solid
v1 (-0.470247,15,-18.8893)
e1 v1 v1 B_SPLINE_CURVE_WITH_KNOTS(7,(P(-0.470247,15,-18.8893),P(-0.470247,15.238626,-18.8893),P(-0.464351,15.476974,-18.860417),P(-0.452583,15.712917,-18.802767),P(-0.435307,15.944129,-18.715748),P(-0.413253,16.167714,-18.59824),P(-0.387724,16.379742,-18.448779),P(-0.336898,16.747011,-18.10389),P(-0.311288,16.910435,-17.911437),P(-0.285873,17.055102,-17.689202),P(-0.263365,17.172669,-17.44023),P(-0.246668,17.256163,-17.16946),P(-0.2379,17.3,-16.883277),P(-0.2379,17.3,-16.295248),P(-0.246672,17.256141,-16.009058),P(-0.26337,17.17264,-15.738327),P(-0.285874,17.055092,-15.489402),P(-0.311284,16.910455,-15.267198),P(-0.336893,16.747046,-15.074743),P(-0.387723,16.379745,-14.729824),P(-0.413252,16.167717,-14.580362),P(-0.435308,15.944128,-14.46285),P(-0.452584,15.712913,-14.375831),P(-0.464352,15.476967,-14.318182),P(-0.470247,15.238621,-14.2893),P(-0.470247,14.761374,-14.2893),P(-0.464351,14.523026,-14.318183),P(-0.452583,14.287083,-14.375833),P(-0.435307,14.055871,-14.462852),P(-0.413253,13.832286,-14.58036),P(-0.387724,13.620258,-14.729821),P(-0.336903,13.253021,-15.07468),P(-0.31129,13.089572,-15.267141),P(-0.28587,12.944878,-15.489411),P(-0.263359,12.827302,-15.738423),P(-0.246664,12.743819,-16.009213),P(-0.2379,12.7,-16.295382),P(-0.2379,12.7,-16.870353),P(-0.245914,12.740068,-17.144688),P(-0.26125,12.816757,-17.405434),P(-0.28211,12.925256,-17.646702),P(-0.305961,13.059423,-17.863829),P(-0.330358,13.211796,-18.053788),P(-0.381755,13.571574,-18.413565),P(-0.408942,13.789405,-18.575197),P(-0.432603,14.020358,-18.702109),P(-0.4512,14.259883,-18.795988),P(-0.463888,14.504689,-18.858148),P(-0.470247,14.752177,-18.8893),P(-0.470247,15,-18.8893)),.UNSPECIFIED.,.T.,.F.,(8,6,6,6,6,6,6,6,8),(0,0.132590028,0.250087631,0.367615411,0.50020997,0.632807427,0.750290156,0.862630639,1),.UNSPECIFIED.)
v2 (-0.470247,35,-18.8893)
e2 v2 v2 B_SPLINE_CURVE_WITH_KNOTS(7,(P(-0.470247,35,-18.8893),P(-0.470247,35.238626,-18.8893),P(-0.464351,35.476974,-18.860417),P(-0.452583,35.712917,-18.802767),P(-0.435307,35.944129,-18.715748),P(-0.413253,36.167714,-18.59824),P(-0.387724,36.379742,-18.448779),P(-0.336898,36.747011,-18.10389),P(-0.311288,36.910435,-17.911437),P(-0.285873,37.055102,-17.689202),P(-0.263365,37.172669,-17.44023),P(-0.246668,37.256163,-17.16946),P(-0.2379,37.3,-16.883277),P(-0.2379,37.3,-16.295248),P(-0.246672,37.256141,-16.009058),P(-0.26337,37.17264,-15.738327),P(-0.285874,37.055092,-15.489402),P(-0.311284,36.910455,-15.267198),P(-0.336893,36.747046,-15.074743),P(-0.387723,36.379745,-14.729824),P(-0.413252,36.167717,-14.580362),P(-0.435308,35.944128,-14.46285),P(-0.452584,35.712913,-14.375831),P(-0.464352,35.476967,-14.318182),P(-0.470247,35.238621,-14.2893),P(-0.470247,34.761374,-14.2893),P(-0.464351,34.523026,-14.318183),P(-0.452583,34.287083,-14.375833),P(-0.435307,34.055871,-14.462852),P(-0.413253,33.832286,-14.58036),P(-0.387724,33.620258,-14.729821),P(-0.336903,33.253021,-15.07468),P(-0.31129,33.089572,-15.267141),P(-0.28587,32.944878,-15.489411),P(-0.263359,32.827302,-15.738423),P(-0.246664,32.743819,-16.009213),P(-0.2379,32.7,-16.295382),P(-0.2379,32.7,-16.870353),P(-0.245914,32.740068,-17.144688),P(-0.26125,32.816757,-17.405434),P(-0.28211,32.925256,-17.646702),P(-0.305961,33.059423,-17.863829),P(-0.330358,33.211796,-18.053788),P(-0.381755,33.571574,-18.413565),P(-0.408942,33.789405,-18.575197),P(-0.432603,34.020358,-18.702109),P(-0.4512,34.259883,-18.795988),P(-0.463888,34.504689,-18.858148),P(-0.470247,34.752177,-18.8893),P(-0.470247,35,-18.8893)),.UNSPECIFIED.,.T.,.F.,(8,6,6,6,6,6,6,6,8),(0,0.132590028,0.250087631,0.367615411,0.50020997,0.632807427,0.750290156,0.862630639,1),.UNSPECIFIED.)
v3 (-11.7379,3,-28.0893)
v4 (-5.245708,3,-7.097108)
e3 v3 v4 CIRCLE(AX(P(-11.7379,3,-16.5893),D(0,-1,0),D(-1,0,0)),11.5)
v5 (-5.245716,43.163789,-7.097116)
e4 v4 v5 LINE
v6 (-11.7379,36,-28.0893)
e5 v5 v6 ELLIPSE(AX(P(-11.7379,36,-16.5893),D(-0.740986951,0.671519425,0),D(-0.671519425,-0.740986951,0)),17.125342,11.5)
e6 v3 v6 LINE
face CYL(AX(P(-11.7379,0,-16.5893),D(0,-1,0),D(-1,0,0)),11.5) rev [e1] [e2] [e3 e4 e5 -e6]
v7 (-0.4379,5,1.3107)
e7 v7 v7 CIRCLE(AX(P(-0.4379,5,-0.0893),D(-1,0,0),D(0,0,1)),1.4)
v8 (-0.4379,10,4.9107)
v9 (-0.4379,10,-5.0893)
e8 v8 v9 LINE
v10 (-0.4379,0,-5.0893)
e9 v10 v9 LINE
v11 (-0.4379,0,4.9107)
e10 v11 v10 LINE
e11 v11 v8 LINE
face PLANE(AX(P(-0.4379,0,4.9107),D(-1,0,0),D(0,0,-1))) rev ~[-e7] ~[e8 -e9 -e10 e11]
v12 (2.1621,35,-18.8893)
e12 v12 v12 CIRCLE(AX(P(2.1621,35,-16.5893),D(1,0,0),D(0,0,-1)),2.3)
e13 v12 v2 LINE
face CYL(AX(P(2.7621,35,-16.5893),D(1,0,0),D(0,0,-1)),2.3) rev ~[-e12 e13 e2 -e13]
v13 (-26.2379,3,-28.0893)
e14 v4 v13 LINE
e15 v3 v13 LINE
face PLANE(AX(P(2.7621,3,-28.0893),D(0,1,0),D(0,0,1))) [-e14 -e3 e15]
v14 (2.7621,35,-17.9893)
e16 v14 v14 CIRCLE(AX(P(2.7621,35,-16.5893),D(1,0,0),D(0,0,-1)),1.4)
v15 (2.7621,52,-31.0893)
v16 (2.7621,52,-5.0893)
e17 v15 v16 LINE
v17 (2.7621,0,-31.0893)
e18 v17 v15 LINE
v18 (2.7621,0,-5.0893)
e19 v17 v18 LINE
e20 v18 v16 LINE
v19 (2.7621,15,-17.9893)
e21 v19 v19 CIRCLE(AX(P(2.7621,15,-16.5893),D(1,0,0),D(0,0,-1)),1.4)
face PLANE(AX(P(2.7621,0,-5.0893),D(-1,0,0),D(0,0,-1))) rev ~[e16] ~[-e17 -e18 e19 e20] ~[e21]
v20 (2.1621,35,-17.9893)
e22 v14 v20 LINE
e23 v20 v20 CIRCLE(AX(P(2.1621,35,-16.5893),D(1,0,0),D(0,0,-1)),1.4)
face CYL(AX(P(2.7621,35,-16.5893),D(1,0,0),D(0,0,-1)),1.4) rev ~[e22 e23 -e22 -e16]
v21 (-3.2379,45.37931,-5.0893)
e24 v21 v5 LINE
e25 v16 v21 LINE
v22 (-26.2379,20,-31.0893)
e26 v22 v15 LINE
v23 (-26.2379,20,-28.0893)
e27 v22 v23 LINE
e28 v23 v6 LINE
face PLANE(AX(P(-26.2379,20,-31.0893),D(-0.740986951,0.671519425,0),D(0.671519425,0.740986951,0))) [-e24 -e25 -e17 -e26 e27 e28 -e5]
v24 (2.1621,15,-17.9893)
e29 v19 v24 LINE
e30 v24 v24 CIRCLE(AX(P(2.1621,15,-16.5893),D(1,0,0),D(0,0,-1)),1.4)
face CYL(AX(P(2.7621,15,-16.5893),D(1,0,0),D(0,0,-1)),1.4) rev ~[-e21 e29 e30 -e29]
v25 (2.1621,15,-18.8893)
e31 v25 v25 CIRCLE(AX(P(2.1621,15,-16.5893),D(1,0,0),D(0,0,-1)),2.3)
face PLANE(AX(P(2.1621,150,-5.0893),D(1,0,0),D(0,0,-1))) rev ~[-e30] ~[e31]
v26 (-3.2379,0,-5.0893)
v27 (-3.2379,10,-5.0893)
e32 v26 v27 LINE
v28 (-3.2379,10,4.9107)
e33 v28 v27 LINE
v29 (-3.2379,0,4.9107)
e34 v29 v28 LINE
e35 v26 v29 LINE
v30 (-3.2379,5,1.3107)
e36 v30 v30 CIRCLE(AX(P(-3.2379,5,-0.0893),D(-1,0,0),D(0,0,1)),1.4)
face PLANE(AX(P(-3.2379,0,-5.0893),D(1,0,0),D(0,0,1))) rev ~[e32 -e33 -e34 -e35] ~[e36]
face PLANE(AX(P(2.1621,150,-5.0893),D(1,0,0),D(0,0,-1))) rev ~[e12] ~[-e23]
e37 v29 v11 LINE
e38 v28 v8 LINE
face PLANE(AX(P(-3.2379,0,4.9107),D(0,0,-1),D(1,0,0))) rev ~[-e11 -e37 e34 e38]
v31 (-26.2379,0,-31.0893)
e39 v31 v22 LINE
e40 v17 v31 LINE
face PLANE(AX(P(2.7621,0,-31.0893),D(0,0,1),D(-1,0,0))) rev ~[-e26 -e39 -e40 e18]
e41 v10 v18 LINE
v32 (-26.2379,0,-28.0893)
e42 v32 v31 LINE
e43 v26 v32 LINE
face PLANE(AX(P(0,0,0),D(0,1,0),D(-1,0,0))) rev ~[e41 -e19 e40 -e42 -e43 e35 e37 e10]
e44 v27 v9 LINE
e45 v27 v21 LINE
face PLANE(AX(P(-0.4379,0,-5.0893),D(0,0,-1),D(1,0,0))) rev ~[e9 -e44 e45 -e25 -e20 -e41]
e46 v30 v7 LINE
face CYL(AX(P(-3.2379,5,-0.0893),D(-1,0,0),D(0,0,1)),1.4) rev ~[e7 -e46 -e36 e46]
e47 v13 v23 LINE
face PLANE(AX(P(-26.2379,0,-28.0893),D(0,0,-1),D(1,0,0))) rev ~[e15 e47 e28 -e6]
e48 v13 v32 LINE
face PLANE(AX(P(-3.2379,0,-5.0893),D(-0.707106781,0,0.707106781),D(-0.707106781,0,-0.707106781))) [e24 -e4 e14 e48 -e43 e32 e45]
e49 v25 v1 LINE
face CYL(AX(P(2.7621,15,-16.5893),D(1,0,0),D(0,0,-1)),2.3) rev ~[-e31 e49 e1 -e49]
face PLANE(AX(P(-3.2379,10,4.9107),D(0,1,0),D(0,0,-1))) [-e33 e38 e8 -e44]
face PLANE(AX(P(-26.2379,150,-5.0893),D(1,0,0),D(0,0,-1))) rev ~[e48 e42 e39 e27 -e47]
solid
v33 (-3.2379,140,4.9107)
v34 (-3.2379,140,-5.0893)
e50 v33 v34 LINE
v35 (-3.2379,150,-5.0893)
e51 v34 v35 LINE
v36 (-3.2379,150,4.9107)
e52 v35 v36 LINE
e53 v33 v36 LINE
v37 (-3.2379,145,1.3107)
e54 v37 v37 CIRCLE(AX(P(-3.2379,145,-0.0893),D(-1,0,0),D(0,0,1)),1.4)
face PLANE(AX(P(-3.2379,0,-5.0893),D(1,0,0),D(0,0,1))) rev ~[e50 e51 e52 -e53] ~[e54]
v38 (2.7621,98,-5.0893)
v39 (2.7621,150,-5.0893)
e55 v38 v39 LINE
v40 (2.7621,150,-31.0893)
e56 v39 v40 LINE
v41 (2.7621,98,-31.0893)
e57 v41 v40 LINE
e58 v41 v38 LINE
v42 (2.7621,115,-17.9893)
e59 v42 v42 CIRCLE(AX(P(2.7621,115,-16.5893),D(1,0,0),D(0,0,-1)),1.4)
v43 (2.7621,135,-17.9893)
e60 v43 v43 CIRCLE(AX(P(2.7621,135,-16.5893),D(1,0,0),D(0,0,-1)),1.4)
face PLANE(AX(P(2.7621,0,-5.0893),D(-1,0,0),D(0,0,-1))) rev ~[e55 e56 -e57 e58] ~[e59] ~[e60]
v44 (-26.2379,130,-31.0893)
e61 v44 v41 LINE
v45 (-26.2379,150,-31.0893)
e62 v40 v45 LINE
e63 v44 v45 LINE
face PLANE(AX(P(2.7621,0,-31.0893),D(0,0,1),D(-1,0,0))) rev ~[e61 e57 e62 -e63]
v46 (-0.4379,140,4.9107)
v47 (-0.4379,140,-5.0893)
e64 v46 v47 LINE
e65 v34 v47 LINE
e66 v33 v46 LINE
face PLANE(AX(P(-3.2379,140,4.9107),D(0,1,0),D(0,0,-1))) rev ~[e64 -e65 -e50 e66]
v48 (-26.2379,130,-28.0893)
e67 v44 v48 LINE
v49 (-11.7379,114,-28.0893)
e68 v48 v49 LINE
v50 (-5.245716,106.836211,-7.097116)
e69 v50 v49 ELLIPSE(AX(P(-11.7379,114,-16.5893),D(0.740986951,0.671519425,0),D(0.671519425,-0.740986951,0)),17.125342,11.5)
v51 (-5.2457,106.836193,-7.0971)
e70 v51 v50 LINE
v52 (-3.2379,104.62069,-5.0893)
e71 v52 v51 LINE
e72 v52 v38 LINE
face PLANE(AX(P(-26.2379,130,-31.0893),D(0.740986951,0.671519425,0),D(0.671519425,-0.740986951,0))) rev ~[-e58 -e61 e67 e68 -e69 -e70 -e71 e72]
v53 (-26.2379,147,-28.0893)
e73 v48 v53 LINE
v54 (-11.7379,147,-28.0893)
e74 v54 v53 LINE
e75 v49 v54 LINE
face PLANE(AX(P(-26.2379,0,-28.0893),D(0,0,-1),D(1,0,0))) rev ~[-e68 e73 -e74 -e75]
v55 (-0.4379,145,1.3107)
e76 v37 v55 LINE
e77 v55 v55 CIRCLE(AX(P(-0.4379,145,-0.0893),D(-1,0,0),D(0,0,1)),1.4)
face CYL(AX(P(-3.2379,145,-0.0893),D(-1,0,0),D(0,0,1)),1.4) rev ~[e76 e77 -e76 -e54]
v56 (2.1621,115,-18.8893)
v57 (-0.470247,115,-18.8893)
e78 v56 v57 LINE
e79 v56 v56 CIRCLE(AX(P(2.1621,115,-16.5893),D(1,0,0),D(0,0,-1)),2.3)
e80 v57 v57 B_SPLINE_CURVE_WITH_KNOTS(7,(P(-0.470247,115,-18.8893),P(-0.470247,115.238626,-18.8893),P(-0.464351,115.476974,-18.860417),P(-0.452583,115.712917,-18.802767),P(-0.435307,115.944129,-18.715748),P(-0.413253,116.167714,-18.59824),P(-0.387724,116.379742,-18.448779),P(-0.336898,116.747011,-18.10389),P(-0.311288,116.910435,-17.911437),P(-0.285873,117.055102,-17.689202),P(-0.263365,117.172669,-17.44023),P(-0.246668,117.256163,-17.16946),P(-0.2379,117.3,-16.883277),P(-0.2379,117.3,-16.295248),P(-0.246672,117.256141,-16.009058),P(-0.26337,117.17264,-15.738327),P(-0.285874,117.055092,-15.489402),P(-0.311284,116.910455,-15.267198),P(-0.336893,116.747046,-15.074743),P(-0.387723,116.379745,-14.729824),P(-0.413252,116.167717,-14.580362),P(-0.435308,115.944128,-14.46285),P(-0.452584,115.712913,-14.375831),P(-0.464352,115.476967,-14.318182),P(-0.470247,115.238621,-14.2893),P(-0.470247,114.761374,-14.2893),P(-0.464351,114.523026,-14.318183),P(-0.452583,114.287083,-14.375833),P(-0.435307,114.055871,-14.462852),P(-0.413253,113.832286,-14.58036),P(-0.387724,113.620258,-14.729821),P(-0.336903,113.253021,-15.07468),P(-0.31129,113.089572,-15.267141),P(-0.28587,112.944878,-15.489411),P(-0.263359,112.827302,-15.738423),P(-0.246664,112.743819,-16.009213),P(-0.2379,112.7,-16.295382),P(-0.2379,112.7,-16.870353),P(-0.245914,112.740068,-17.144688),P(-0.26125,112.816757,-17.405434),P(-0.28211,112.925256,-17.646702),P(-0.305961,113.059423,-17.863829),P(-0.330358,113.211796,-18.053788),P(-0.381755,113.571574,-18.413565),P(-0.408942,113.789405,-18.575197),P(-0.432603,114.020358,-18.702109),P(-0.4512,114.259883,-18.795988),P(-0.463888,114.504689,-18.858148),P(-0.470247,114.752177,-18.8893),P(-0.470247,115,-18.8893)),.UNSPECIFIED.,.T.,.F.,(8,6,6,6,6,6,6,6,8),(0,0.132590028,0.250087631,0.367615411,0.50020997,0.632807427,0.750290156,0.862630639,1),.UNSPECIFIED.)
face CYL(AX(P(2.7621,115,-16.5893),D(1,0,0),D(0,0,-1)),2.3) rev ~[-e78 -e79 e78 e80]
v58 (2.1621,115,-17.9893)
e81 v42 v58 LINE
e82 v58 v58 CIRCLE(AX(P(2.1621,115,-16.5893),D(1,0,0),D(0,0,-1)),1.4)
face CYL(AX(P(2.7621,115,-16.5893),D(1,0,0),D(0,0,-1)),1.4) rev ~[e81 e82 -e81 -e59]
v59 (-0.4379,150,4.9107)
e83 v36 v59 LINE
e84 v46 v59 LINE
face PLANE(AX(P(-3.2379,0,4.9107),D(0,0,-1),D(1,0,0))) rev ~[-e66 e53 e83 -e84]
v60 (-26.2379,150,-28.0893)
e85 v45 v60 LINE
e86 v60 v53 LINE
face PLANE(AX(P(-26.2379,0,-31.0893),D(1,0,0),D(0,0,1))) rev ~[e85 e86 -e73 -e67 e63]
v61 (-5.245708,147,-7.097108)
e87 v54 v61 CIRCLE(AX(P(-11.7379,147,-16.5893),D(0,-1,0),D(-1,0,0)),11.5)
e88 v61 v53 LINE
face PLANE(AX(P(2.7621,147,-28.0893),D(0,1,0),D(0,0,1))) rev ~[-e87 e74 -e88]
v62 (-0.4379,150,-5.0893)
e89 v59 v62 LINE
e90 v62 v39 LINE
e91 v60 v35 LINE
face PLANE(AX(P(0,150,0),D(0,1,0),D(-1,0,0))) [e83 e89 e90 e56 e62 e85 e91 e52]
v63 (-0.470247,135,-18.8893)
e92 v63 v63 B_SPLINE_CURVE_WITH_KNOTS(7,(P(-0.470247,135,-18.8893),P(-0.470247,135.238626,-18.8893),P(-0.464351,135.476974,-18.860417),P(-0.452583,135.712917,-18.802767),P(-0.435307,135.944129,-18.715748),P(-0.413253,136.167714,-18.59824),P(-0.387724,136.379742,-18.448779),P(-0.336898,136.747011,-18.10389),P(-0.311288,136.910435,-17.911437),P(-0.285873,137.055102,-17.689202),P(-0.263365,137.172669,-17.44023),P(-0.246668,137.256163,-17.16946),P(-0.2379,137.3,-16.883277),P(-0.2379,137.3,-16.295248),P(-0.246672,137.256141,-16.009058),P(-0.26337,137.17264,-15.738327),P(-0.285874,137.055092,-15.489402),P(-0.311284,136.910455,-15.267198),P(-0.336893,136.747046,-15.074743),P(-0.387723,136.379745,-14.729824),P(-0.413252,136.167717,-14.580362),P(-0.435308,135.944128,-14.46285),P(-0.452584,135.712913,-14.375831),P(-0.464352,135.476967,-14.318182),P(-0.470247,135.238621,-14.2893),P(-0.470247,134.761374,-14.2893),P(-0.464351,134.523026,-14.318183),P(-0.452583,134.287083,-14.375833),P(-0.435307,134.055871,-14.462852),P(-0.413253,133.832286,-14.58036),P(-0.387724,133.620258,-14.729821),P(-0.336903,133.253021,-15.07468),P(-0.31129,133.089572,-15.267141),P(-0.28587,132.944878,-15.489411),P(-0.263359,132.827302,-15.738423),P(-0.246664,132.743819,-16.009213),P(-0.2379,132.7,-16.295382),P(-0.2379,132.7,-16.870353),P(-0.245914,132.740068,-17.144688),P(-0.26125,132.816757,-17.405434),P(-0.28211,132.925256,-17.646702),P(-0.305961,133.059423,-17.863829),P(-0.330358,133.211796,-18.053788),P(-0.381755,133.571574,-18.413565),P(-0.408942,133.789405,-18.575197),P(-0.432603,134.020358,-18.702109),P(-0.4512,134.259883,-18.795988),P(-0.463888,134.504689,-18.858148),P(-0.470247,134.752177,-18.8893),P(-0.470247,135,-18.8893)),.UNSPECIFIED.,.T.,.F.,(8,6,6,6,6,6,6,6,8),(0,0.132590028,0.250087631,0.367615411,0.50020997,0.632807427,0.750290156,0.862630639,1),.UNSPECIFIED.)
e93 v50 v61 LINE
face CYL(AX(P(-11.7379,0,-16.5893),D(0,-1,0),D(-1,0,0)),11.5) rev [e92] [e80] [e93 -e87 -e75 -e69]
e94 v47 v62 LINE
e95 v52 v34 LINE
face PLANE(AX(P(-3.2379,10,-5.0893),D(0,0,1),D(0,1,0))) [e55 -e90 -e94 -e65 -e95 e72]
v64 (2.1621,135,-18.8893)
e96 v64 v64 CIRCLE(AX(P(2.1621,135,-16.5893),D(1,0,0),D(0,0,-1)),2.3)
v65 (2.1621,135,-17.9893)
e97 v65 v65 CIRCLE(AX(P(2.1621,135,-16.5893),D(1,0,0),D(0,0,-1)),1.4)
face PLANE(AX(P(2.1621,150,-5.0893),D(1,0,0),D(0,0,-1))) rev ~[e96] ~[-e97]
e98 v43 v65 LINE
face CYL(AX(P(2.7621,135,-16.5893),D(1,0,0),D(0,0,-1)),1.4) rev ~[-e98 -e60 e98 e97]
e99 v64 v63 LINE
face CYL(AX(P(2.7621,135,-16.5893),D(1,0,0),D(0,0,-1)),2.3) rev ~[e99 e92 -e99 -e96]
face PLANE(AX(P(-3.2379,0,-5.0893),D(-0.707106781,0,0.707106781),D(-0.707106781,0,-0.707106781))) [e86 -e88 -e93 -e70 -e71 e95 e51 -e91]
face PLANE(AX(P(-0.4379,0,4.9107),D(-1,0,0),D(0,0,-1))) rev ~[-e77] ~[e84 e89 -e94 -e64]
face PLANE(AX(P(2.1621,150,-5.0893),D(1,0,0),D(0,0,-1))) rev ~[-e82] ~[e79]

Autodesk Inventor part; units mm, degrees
ref_plane "YZ Plane" through (0, 0, 0) normal (1, 0, 0) x (0, 1, 0)
ref_plane "XZ Plane" through (0, 0, 0) normal (0, 1, 0) x (-1, 0, 0)
ref_plane "XY Plane" through (0, 0, 0) normal (0, 0, 1) x (1, 0, 0)
sketch "Sketch1" plane through (0, 0, 0) normal (0, 1, 0) x (-1, 0, 0)
  line L0 (0.4379, 4.9107) -> (0.4379, -5.0893)
  line L1 (0.4379, -5.0893) -> (-2.7621, -5.0893)
  line L2 (-2.7621, -5.0893) -> (-2.7621, -31.0893)
  line L3 (-2.7621, -31.0893) -> (26.2379, -31.0893)
  line L4 (26.2379, -31.0893) -> (26.2379, -28.0893)
  line L5 (26.2379, -28.0893) -> (0.2379, -28.0893)
  line L6 (0.2379, -28.0893) -> (0.2379, -8.0893)
  line L7 (0.2379, -8.0893) -> (3.2379, -8.0893)
  line L8 (3.2379, -8.0893) -> (3.2379, 4.9107)
  line L9 (3.2379, 4.9107) -> (0.4379, 4.9107)
  circle A0 centre (11.7379, -16.5893) radius 11.5
  line L10 (3.2379, -8.0893) -> (3.2379, -8.8433)
  line L11 (3.2379, -5.0893) -> (26.2379, -28.0893)
  point P0 (0, 0)
  point P1 (11.7379, -28.0893)
  point P2 (5.2457, -7.0971)
  dimension "d61" = 23
  dimension "d0" = 20
  dimension "d1" = 3
  dimension "d2" = 3
  dimension "d3" = 2.8
  dimension "d4" = 10
  dimension "d5" = 3
  dimension "d7" = 3.2
  dimension "d8" = 23
extrude "Extrusion1" add sketch "Sketch1" along normal blind 150 contours L9 L8 L7 L6 L5 L4 L3 L2 L1 L0 | L11 A0 L10 L8 | L10 A0 L6 L7 | A0 L5 L6
sketch "Sketch2" plane through (2.7621, 0, -31.0893) normal (0, 0, -1) x (-1, 0, 0)
  line L0 (29, 0) -> (29, 150) projected
  line L1 (29, 130) -> (0, 98)
  line L2 (0, 0) -> (0, 150) projected
  line L3 (29, 20) -> (0, 52)
  line L4 (0, 0) -> (29, 0) projected
  point P0 (2.7621, 0)
  dimension "d11" = 20
  dimension "d12" = 20
  dimension "d13" = 32
  dimension "d14" = 32
extrude "Extrusion2" cut sketch "Sketch2" against normal blind 150 contours L3 L2 L1 L0
sketch "Sketch3" plane through (-3.2379, 150, -5.0893) normal (-1, 0, 0) x (0, 0, 1)
  line L0 (0, 0) -> (10, 0) projected
  line L1 (0, -150) -> (0, -104.6207) projected
  line L2 (10, 0) -> (0, 0)
  line L3 (0, 0) -> (0, -150)
  line L4 (0, -150) -> (10, -150)
  line L5 (10, -150) -> (10, 0)
  line L6 (10, -48.469) -> (10, 0) projected
  line L7 (10, -10) -> (0, -10)
  line L8 (10, -150) -> (10, -104.6207) projected
  line L9 (10, -140) -> (0, -140)
  circle A0 centre (5, -5) radius 1.4
  circle A1 centre (5, -145) radius 1.4
  point P0 (5.0893, -150)
  point P1 (0, -140)
  dimension "d17" = 10
  dimension "d18" = 10
  dimension "d19" = 2.8
  dimension "d20" = 2.8
  dimension "d21" = 5
  dimension "d22" = 5
  dimension "d23" = 5
  dimension "d24" = 5
extrude "Extrusion3" cut sketch "Sketch3" against normal blind 150 contours L7 L5 L9 L1 L3 | A0 | A1
sketch "Sketch5" plane through (2.7621, 150, -5.0893) normal (1, 0, 0) x (0, 0, -1)
  line L0 (2.0078, 0) -> (0, 0) projected
  line L1 (23, -36) -> (23, 0) projected
  line L2 (2.0078, 0) -> (23, 0)
  line L3 (23, 0) -> (23, -3)
  line L4 (23, -3) -> (2.0078, -3)
  line L5 (2.0078, -3) -> (2.0078, 0)
  line L6 (2.0078, -150) -> (2.0078, -106.8362) projected
  line L7 (23, -150) -> (23, -130) projected
  line L8 (2.0078, -150) -> (23, -150)
  line L9 (23, -150) -> (23, -147)
  line L10 (23, -147) -> (2.0078, -147)
  line L11 (2.0078, -147) -> (2.0078, -150)
  point P0 (-5.0893, -150)
  point P1 (2.0078, -147)
  dimension "d31" = 3
  dimension "d32" = 3
extrude "Extrusion5" add sketch "Sketch5" against normal up to surface (29 mm away)
sketch "Sketch6" plane through (0, 150, 0) normal (0, 1, 0) x (1, 0, 0)
  line L0 (-5.2457, 7.0971) -> (-26.2379, 7.0971) projected
  line L1 (-11.7379, 28.0893) -> (-26.2379, 28.0893) projected
  line L2 (-5.2457, 7.0971) -> (-26.2379, 28.0893)
  line L3 (-26.2379, 7.0971) -> (-26.2379, 28.0893)
  line L4 (-26.2379, 7.0971) -> (-5.2457, 7.0971)
  point P0 (0, 0)
extrude "Extrusion6" cut sketch "Sketch6" against normal through all
sketch "Sketch7" plane through (2.7621, 150, -5.0893) normal (1, 0, 0) x (0, 0, -1)
  circle A0 centre (11.5, -15) radius 2.3
  circle A1 centre (11.5, -35) radius 2.3
  circle A2 centre (11.5, -115) radius 2.3
  circle A3 centre (11.5, -135) radius 2.3
  line L0 (0, -52) -> (0, 0) projected
  line L1 (0, -150) -> (0, -98) projected
  line L2 (0, -150) -> (26, -150) projected
  line L3 (0, 0) -> (26, 0) projected
  point P0 (-5.0893, -150)
  dimension "d37" = 4.6
  dimension "d38" = 4.6
  dimension "d39" = 4.6
  dimension "d40" = 4.6
  dimension "d41" = 11.5
  dimension "d42" = 11.5
  dimension "d43" = 11.5
  dimension "d44" = 11.5
  dimension "d45" = 15
  dimension "d46" = 20
  dimension "d47" = 20
  dimension "d48" = 15
extrude "Extrusion7" cut sketch "Sketch7" against normal blind 150
sketch "Sketch8" plane through (2.7621, 150, -5.0893) normal (1, 0, 0) x (0, 0, -1)
  line L0 (0, 0) -> (26, 0) projected
  line L1 (0, -150) -> (0, -140) projected
  line L2 (26, 0) -> (0, 0)
  line L3 (0, 0) -> (0, -150)
  line L4 (0, -150) -> (26, -150)
  line L5 (26, -150) -> (26, 0)
  line L6 (26, -75) -> (0, -75)
  circle A0 centre (11.5, -135) radius 1.4
  circle A1 centre (11.5, -115) radius 1.4
  circle A2 centre (11.5, -115) radius 2.3 projected
  circle A3 centre (11.5, -135) radius 2.3 projected
  circle A4 centre (11.5, -35) radius 2.3 projected
  circle A5 centre (11.5, -35) radius 1.4
  circle A6 centre (11.5, -15) radius 1.4
  circle A7 centre (11.5, -15) radius 2.3 projected
  point P0 (-5.0893, -150)
  dimension "d55" = 2.8
  dimension "d56" = 2.8
  dimension "d57" = 2.8
  dimension "d58" = 2.8
extrude "Extrusion9" add sketch "Sketch8" against normal blind 0.6 contours A2 | A3 | A4 | A7
sketch "Sketch9" plane through (2.7621, 150, -31.0893) normal (0, 0, -1) x (-1, 0, 0)
  point P0 (2.7621, -150)
properties part number "usb_battery_pocket_2"
